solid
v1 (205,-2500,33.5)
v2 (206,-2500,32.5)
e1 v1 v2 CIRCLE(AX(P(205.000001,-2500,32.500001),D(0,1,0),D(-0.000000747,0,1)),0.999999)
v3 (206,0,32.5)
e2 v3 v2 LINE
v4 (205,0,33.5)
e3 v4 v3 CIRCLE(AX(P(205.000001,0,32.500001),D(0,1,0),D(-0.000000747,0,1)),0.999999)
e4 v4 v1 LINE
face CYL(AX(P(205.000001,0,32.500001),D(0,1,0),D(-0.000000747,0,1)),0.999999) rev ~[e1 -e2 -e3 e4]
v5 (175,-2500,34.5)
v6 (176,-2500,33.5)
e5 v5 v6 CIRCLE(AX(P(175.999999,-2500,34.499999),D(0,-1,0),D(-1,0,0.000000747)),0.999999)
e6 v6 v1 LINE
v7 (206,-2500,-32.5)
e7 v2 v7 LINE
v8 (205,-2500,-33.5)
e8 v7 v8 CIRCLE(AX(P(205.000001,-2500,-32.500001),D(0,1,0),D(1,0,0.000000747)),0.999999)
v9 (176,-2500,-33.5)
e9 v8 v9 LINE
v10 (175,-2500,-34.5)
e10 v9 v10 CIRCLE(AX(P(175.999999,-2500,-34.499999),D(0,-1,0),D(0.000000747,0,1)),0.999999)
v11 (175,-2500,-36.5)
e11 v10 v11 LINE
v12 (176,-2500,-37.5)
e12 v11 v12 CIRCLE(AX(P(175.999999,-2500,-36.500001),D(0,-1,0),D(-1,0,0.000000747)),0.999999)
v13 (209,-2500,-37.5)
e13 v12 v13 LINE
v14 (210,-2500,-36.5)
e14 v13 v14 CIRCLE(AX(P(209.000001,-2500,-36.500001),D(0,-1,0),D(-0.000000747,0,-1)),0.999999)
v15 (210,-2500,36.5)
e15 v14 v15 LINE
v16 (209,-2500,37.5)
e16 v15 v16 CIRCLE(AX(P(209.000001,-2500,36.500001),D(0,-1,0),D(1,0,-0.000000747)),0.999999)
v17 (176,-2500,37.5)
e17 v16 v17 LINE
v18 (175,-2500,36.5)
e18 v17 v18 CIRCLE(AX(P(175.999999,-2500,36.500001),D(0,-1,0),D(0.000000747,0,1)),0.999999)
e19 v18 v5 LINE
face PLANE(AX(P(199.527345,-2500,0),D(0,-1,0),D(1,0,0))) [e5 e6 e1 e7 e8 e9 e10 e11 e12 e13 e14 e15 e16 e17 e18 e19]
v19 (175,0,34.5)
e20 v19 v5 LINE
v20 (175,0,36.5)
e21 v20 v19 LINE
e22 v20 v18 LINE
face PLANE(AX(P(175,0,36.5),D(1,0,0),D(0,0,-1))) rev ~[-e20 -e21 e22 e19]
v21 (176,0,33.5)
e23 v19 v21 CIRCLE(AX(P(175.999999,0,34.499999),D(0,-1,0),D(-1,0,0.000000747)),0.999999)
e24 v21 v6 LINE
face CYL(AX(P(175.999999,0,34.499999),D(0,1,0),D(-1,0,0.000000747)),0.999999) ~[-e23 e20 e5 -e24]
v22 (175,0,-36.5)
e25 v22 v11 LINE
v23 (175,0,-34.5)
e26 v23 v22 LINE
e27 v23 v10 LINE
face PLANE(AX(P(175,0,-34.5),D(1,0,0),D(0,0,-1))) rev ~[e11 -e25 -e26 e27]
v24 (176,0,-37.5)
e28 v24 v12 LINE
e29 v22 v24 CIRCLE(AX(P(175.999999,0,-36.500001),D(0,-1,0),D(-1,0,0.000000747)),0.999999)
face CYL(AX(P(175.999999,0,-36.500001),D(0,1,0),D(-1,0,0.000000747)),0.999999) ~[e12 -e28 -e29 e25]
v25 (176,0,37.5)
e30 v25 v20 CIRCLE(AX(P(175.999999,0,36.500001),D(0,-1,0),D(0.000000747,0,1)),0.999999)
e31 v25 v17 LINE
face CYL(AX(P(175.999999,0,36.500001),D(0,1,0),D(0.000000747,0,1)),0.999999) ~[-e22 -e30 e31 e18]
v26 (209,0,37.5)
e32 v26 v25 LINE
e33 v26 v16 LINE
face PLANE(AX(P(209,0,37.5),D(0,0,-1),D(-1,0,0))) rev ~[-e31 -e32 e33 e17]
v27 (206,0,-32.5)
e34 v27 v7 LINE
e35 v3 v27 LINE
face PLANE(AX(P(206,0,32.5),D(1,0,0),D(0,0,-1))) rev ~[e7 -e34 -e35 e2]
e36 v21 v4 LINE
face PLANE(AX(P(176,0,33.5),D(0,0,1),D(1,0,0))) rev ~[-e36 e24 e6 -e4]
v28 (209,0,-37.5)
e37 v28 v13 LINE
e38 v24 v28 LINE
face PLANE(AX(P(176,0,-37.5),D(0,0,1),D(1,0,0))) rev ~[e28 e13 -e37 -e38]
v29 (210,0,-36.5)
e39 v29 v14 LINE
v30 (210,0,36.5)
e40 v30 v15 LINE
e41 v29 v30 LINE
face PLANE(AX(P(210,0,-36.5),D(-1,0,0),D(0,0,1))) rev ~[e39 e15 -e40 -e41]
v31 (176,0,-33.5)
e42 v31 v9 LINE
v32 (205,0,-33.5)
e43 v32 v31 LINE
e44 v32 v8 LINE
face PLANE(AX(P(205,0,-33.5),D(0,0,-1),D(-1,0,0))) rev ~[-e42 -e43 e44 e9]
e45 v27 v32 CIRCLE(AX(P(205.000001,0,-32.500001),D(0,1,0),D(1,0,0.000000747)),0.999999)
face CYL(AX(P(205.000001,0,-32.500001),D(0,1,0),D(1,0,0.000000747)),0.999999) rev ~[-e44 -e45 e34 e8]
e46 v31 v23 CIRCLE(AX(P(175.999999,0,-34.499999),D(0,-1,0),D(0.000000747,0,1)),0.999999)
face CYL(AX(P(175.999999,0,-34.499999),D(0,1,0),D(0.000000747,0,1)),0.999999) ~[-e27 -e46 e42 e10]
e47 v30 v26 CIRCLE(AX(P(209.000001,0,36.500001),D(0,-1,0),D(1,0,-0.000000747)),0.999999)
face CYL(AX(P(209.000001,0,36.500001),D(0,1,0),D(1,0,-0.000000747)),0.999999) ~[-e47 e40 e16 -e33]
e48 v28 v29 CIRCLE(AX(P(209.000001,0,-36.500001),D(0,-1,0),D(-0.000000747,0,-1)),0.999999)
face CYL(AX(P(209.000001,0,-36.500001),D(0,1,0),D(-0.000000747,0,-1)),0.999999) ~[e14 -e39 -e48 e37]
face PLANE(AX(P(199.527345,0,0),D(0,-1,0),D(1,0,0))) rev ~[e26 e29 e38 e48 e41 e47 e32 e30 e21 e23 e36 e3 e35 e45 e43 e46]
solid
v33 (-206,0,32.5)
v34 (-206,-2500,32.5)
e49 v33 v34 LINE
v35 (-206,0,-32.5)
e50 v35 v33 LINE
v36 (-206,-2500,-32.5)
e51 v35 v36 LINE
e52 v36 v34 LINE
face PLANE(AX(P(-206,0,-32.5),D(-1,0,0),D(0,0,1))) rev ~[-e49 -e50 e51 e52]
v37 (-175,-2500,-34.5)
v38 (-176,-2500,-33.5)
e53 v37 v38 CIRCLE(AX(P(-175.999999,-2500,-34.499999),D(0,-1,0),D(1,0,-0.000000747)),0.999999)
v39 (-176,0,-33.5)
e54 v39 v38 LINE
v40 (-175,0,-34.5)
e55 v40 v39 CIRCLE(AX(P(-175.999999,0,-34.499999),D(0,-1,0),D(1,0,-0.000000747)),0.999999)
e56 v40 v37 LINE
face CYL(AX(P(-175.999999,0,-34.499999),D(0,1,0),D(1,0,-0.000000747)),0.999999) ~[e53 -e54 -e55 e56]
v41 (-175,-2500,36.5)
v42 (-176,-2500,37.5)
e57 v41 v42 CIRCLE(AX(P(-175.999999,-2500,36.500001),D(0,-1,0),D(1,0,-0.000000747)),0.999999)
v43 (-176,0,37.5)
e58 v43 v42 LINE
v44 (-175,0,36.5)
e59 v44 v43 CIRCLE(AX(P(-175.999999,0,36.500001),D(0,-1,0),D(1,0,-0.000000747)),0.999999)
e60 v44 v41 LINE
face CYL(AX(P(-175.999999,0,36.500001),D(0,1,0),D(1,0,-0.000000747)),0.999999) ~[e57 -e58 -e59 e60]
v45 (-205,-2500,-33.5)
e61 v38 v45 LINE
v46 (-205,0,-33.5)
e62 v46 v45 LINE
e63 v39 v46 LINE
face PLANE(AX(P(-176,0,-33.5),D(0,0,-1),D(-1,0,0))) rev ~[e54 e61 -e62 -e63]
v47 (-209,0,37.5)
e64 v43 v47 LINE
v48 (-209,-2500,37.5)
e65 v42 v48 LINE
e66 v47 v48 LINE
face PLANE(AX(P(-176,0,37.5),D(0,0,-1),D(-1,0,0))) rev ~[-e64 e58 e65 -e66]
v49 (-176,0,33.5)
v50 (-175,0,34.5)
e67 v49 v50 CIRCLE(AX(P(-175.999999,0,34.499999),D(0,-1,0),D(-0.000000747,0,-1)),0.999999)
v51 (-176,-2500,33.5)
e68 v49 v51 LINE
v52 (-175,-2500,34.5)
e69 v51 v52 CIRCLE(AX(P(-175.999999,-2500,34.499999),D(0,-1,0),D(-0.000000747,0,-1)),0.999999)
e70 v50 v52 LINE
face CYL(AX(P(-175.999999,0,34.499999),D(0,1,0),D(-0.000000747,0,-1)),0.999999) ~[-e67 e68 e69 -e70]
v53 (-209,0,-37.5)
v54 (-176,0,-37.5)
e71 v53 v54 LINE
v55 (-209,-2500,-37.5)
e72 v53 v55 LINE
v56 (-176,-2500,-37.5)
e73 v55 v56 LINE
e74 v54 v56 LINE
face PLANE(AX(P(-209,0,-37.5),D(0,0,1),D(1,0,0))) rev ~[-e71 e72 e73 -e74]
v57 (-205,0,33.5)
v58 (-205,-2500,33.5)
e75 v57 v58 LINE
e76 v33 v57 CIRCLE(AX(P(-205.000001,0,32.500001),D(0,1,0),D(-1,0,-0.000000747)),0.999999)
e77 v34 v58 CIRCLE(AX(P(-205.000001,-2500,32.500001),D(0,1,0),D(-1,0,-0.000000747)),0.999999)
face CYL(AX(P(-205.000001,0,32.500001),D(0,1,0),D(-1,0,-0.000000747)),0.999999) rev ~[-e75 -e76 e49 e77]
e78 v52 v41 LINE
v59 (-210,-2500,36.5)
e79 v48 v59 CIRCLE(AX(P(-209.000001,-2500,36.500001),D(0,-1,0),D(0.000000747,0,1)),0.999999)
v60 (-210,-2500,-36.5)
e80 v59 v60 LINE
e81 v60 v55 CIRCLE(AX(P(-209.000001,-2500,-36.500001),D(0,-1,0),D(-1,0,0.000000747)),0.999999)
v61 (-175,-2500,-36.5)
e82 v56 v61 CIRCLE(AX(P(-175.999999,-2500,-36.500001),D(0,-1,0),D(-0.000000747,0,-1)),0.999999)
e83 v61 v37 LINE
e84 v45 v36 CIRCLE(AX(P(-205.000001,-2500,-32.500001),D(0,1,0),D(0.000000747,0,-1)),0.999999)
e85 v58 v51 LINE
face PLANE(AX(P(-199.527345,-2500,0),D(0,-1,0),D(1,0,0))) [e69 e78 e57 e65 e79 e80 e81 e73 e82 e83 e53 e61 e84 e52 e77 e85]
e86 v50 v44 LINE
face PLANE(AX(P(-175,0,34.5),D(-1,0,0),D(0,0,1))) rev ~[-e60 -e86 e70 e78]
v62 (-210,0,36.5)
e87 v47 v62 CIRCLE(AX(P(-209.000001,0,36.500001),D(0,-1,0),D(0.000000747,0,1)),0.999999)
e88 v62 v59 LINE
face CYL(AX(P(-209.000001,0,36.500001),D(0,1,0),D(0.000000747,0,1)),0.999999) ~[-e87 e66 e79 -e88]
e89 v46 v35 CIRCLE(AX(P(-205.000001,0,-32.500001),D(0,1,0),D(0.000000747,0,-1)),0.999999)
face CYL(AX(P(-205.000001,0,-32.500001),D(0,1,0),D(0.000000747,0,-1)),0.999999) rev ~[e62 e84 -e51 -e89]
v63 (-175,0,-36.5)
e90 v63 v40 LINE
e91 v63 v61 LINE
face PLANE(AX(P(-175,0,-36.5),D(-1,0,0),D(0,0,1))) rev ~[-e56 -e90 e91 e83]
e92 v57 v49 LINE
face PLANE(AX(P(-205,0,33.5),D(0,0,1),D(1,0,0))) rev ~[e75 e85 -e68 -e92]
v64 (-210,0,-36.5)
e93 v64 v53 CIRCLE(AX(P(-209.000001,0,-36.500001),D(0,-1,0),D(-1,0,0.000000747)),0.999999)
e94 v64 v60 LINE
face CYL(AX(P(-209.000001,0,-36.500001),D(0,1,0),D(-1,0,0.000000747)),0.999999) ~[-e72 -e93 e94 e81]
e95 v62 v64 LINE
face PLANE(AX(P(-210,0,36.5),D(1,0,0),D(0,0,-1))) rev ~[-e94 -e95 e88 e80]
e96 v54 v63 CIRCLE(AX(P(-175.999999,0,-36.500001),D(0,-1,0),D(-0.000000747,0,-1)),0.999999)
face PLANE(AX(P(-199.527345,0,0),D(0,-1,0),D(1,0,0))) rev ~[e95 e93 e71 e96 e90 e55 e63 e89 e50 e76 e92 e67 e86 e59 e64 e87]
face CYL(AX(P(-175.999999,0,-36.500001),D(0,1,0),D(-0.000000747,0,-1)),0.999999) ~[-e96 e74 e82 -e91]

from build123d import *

# Parameters (mm, degrees)
F1_DEPTH = 2500


with BuildPart() as f1:
    # F0 (on Front) → F1 (new body)
    with BuildSketch(Plane.XZ):
        with BuildLine():
            ThreePointArc((-206, 32.5), (-205.707107, 33.207107), (-205, 33.5))
            Line((-205, 33.5), (-176, 33.5))
            ThreePointArc((-176, 33.5), (-175.292893, 33.792893), (-175, 34.5))
            Line((-175, 34.5), (-175, 36.5))
            ThreePointArc((-175, 36.5), (-175.292893, 37.207107), (-176, 37.5))
            Line((-176, 37.5), (-209, 37.5))
            ThreePointArc((-209, 37.5), (-209.707107, 37.207107), (-210, 36.5))
            Line((-210, 36.5), (-210, -36.5))
            ThreePointArc((-210, -36.5), (-209.707107, -37.207107), (-209, -37.5))
            Line((-209, -37.5), (-176, -37.5))
            ThreePointArc((-176, -37.5), (-175.292893, -37.207107), (-175, -36.5))
            Line((-175, -36.5), (-175, -34.5))
            ThreePointArc((-175, -34.5), (-175.292893, -33.792893), (-176, -33.5))
            Line((-176, -33.5), (-205, -33.5))
            ThreePointArc((-205, -33.5), (-205.707107, -33.207107), (-206, -32.5))
            Line((-206, -32.5), (-206, 32.5))
        make_face()
        with BuildLine():
            Line((206, 32.5), (206, -32.5))
            ThreePointArc((206, -32.5), (205.707107, -33.207107), (205, -33.5))
            Line((205, -33.5), (176, -33.5))
            ThreePointArc((176, -33.5), (175.292893, -33.792893), (175, -34.5))
            Line((175, -34.5), (175, -36.5))
            ThreePointArc((175, -36.5), (175.292893, -37.207107), (176, -37.5))
            Line((176, -37.5), (209, -37.5))
            ThreePointArc((209, -37.5), (209.707107, -37.207107), (210, -36.5))
            Line((210, -36.5), (210, 36.5))
            ThreePointArc((210, 36.5), (209.707107, 37.207107), (209, 37.5))
            Line((209, 37.5), (176, 37.5))
            ThreePointArc((176, 37.5), (175.292893, 37.207107), (175, 36.5))
            Line((175, 36.5), (175, 34.5))
            ThreePointArc((175, 34.5), (175.292893, 33.792893), (176, 33.5))
            Line((176, 33.5), (205, 33.5))
            ThreePointArc((205, 33.5), (205.707107, 33.207107), (206, 32.5))
        make_face()
    extrude(amount=F1_DEPTH)


solid = f1.part
